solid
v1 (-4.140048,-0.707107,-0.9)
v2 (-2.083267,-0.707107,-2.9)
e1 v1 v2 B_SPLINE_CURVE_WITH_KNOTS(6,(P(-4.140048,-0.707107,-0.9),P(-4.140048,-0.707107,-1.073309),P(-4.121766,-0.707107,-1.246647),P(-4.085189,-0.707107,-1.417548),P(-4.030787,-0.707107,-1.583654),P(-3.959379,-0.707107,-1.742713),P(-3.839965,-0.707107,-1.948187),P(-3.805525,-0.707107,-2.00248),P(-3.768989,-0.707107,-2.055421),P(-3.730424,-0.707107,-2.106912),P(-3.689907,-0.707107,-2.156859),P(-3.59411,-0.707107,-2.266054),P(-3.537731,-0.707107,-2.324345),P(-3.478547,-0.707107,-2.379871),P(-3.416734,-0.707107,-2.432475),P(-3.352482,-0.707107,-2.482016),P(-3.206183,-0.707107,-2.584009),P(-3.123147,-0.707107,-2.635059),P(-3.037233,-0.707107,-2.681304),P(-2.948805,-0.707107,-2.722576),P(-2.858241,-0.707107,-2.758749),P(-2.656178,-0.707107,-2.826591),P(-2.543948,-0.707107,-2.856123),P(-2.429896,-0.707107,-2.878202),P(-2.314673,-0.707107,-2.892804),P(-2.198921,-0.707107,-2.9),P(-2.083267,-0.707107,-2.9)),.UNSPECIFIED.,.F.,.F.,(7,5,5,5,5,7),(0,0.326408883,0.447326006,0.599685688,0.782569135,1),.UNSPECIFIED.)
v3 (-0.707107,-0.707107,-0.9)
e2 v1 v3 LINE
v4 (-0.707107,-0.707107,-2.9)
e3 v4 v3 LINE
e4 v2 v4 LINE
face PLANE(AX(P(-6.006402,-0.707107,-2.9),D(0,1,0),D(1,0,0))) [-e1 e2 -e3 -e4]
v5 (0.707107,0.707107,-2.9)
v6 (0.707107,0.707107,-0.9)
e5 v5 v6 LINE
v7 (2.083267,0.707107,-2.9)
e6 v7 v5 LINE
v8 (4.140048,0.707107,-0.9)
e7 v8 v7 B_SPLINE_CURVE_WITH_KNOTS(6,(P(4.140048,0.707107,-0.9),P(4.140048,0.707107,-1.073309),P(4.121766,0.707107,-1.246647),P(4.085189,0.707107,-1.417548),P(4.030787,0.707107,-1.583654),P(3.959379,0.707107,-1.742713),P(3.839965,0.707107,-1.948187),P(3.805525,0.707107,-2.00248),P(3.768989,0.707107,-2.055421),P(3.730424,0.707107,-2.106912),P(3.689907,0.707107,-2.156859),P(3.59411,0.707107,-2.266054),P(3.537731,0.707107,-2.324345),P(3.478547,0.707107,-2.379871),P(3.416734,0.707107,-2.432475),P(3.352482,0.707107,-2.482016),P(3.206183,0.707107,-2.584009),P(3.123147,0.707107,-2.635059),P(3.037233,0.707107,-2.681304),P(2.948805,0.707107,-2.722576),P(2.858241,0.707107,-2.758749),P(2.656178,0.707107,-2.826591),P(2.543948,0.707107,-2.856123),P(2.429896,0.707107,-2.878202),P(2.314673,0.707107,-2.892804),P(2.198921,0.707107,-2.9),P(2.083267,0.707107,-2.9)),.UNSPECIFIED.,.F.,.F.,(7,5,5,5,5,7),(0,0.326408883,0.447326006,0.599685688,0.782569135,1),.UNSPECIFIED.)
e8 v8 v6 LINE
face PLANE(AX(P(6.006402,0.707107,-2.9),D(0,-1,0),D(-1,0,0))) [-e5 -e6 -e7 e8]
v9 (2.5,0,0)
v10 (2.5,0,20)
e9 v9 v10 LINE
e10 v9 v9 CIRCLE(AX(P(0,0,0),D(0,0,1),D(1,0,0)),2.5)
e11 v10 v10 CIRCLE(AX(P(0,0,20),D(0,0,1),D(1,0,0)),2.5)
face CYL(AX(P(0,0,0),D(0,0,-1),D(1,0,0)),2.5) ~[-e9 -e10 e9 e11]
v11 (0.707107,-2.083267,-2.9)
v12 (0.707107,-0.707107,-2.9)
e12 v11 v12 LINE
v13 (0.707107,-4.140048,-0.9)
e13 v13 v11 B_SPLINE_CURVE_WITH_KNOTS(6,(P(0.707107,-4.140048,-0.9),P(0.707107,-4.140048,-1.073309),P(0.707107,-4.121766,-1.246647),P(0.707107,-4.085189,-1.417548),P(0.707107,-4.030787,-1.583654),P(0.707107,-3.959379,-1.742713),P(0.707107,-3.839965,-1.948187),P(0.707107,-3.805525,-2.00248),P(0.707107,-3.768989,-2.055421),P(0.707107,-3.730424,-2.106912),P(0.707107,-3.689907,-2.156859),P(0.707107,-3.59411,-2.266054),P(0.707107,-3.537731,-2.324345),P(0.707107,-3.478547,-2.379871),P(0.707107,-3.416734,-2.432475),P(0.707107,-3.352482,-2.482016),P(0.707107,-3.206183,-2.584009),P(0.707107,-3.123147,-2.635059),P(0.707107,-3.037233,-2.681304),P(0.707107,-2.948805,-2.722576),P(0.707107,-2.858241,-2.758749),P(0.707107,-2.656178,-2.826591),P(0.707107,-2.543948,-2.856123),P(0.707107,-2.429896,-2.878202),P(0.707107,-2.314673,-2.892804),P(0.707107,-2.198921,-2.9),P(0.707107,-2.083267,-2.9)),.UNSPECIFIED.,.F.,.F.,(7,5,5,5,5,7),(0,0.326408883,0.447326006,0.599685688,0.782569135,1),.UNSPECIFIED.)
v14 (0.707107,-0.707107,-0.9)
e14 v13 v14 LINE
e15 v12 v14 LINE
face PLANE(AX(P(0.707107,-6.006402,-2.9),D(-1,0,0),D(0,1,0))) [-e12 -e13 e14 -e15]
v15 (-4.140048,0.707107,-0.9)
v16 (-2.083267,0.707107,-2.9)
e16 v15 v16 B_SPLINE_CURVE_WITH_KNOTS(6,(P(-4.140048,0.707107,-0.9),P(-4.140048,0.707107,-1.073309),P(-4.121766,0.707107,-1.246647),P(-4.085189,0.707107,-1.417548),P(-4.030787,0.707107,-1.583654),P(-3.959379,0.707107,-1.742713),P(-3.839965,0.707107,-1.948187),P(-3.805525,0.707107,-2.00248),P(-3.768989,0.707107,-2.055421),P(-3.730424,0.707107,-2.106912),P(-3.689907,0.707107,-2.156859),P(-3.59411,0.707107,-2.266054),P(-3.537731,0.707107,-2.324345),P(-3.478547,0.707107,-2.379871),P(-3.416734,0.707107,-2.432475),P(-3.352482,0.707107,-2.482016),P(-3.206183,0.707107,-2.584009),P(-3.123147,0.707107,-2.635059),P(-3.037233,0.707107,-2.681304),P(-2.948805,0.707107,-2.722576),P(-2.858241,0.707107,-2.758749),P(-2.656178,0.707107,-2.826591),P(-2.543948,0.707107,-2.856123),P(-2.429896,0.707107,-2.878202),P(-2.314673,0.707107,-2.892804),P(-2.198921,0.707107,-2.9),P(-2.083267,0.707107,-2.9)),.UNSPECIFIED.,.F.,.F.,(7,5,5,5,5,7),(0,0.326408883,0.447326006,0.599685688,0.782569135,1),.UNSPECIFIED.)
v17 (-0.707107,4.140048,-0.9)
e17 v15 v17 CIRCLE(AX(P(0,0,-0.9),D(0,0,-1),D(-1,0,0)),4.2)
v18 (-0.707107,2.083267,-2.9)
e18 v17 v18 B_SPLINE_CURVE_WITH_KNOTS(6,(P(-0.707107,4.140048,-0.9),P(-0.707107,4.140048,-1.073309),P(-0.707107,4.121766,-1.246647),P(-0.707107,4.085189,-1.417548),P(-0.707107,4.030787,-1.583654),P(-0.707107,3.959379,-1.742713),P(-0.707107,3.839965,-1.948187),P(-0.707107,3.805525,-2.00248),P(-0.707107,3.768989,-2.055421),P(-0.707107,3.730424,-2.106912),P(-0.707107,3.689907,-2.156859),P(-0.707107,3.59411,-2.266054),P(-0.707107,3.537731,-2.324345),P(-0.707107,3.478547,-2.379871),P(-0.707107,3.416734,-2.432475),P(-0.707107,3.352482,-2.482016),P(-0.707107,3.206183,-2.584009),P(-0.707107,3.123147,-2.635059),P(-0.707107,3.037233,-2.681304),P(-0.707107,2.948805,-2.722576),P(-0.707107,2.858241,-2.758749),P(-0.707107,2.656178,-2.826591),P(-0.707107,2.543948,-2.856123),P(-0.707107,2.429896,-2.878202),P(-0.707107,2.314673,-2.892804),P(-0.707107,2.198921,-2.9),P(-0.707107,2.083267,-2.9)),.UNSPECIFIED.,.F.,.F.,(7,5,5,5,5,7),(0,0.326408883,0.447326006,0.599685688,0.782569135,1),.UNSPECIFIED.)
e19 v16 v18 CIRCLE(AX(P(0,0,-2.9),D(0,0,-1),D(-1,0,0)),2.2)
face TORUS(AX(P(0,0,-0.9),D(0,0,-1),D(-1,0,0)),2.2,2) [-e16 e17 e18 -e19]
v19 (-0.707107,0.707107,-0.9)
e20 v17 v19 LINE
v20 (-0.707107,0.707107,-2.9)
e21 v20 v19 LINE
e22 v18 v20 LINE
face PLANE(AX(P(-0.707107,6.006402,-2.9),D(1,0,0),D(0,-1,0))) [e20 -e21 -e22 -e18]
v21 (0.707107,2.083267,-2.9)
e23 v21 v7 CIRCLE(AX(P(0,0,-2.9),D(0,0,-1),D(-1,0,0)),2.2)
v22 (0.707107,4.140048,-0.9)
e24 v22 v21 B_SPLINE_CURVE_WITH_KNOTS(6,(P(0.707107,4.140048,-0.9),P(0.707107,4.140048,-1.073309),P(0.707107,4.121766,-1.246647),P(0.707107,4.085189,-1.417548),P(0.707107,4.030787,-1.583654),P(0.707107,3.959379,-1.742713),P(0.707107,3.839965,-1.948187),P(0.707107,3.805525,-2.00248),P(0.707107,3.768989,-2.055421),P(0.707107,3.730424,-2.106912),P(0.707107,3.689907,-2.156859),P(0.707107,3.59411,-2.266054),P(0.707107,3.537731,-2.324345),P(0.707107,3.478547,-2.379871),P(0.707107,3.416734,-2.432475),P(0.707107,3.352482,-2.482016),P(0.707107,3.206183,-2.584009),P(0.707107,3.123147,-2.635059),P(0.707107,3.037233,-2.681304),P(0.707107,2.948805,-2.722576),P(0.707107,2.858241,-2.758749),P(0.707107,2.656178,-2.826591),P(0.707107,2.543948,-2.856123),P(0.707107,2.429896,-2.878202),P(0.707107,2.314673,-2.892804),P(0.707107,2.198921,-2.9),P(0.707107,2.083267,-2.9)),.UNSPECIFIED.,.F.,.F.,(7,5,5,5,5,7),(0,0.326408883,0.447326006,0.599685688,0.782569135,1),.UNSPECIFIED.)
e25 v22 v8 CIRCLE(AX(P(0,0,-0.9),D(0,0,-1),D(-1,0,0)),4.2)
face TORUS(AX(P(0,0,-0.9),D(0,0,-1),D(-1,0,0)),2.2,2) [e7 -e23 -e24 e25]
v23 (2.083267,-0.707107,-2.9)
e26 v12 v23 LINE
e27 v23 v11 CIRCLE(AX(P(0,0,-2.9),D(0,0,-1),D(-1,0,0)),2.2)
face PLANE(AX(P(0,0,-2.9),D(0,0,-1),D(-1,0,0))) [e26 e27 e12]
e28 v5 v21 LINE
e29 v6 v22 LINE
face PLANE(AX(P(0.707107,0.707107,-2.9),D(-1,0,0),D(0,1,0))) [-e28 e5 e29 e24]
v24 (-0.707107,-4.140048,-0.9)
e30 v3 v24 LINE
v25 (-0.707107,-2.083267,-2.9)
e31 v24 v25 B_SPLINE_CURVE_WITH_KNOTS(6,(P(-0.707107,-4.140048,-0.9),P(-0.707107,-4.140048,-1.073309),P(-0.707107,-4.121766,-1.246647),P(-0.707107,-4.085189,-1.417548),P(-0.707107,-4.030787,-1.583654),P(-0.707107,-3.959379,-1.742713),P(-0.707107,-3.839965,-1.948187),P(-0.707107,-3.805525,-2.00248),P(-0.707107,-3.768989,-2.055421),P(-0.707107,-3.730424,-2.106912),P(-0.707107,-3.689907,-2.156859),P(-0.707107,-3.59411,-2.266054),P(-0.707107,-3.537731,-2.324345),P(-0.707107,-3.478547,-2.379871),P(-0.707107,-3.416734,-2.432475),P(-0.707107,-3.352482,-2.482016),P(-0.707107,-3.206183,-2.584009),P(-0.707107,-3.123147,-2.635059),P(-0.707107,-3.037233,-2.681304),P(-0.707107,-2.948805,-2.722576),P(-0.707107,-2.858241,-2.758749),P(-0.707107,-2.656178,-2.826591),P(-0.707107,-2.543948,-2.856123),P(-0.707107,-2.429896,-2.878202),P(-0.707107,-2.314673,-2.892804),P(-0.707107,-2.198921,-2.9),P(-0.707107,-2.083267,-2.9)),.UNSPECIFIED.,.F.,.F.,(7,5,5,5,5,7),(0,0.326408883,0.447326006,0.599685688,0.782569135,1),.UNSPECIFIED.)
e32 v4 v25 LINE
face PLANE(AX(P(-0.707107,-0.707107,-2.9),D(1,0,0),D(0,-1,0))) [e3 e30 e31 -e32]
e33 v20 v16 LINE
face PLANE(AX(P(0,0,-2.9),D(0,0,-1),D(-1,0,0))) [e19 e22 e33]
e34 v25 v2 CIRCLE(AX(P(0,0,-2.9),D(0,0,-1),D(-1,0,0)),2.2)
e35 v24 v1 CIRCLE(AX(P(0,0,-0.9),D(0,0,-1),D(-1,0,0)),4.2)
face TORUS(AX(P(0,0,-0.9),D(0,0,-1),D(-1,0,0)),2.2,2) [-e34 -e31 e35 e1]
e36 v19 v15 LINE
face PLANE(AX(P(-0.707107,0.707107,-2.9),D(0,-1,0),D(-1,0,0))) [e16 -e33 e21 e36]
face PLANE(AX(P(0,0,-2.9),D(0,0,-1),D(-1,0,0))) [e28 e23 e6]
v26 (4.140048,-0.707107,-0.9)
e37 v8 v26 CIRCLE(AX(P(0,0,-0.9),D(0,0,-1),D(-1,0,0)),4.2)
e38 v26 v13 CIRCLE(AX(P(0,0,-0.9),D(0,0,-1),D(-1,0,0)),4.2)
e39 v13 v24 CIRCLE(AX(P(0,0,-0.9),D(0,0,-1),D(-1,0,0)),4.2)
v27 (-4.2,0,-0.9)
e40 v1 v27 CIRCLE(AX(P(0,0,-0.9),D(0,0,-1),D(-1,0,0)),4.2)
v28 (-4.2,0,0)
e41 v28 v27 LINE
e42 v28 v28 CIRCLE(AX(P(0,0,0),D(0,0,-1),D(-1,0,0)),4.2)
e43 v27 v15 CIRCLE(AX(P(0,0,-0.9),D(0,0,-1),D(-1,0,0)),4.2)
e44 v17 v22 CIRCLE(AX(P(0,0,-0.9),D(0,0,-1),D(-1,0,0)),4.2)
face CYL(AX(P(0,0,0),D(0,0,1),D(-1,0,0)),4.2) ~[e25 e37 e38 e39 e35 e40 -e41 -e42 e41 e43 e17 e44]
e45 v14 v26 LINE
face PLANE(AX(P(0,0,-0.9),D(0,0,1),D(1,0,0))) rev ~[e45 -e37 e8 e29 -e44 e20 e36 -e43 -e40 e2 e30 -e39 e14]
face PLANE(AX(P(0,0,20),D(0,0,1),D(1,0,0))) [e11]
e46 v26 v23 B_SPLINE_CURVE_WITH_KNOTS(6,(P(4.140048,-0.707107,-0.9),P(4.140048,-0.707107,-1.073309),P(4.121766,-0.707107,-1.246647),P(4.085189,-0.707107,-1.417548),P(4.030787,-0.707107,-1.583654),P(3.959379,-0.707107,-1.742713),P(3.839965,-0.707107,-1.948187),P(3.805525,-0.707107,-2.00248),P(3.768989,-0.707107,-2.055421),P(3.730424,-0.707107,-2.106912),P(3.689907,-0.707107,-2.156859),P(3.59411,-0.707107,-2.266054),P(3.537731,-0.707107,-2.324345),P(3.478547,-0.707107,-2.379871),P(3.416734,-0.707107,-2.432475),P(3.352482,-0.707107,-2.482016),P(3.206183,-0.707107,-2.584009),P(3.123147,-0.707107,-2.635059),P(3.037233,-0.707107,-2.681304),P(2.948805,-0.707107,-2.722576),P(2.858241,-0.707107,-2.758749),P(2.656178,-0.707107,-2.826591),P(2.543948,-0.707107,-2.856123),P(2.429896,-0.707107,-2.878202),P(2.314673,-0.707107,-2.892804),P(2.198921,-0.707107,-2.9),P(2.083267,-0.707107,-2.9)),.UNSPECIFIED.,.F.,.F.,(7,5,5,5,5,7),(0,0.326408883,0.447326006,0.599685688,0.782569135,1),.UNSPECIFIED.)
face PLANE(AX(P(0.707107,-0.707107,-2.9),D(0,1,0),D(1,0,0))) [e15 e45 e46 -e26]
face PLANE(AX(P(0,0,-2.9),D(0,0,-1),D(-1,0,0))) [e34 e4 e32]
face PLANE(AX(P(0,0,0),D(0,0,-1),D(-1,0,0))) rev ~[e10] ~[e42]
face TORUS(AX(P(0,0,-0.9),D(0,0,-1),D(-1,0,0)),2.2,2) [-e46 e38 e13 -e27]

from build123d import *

# Parameters (mm, degrees)
SKETCH_1_R          = 2.5
EXTRUDE_1_DEPTH     = 20
SKETCH_2_R          = 4.2
EXTRUDE_2_DEPTH     = 2.9
FILLET_1_R          = 2
CUT_EXTRUDE_1_DEPTH = 2


with BuildPart() as part:
    # 草图1 → 凸台-拉伸1 (new body)
    with BuildSketch(Plane.XY):
        Circle(SKETCH_1_R)
    extrude(amount=EXTRUDE_1_DEPTH)

    # 草图2 → 凸台-拉伸2 (add)
    with BuildSketch(Plane(origin=(0, 0, 0), x_dir=(-1, 0, 0), z_dir=(0, 0, -1))):
        Circle(SKETCH_2_R)
    extrude(amount=EXTRUDE_2_DEPTH)

    # 圆角1
    fillet_1_edges = [part.edges().sort_by_distance(p)[0] for p in [
        (4.2, 0, -2.9),
    ]]
    fillet(fillet_1_edges, radius=FILLET_1_R)

    # 草图3 → 切除-拉伸1 (cut)
    with BuildSketch(Plane(origin=(0, 0, -2.9), x_dir=(-1, 0, 0), z_dir=(0, 0, -1))):
        Polygon((-0.707106781, 0.707106781), (-0.707106781, 6.006401657), (0.707106781, 6.006401657), (0.707106781, 0.707106781), (6.006401657, 0.707106781), (6.006401657, -0.707106781), (0.707106781, -0.707106781), (0.707106781, -6.006401657), (-0.707106781, -6.006401657), (-0.707106781, -0.707106781), (-6.006401657, -0.707106781), (-6.006401657, 0.707106781), align=None)
    extrude(amount=-CUT_EXTRUDE_1_DEPTH, mode=Mode.SUBTRACT)


solid = part.part
